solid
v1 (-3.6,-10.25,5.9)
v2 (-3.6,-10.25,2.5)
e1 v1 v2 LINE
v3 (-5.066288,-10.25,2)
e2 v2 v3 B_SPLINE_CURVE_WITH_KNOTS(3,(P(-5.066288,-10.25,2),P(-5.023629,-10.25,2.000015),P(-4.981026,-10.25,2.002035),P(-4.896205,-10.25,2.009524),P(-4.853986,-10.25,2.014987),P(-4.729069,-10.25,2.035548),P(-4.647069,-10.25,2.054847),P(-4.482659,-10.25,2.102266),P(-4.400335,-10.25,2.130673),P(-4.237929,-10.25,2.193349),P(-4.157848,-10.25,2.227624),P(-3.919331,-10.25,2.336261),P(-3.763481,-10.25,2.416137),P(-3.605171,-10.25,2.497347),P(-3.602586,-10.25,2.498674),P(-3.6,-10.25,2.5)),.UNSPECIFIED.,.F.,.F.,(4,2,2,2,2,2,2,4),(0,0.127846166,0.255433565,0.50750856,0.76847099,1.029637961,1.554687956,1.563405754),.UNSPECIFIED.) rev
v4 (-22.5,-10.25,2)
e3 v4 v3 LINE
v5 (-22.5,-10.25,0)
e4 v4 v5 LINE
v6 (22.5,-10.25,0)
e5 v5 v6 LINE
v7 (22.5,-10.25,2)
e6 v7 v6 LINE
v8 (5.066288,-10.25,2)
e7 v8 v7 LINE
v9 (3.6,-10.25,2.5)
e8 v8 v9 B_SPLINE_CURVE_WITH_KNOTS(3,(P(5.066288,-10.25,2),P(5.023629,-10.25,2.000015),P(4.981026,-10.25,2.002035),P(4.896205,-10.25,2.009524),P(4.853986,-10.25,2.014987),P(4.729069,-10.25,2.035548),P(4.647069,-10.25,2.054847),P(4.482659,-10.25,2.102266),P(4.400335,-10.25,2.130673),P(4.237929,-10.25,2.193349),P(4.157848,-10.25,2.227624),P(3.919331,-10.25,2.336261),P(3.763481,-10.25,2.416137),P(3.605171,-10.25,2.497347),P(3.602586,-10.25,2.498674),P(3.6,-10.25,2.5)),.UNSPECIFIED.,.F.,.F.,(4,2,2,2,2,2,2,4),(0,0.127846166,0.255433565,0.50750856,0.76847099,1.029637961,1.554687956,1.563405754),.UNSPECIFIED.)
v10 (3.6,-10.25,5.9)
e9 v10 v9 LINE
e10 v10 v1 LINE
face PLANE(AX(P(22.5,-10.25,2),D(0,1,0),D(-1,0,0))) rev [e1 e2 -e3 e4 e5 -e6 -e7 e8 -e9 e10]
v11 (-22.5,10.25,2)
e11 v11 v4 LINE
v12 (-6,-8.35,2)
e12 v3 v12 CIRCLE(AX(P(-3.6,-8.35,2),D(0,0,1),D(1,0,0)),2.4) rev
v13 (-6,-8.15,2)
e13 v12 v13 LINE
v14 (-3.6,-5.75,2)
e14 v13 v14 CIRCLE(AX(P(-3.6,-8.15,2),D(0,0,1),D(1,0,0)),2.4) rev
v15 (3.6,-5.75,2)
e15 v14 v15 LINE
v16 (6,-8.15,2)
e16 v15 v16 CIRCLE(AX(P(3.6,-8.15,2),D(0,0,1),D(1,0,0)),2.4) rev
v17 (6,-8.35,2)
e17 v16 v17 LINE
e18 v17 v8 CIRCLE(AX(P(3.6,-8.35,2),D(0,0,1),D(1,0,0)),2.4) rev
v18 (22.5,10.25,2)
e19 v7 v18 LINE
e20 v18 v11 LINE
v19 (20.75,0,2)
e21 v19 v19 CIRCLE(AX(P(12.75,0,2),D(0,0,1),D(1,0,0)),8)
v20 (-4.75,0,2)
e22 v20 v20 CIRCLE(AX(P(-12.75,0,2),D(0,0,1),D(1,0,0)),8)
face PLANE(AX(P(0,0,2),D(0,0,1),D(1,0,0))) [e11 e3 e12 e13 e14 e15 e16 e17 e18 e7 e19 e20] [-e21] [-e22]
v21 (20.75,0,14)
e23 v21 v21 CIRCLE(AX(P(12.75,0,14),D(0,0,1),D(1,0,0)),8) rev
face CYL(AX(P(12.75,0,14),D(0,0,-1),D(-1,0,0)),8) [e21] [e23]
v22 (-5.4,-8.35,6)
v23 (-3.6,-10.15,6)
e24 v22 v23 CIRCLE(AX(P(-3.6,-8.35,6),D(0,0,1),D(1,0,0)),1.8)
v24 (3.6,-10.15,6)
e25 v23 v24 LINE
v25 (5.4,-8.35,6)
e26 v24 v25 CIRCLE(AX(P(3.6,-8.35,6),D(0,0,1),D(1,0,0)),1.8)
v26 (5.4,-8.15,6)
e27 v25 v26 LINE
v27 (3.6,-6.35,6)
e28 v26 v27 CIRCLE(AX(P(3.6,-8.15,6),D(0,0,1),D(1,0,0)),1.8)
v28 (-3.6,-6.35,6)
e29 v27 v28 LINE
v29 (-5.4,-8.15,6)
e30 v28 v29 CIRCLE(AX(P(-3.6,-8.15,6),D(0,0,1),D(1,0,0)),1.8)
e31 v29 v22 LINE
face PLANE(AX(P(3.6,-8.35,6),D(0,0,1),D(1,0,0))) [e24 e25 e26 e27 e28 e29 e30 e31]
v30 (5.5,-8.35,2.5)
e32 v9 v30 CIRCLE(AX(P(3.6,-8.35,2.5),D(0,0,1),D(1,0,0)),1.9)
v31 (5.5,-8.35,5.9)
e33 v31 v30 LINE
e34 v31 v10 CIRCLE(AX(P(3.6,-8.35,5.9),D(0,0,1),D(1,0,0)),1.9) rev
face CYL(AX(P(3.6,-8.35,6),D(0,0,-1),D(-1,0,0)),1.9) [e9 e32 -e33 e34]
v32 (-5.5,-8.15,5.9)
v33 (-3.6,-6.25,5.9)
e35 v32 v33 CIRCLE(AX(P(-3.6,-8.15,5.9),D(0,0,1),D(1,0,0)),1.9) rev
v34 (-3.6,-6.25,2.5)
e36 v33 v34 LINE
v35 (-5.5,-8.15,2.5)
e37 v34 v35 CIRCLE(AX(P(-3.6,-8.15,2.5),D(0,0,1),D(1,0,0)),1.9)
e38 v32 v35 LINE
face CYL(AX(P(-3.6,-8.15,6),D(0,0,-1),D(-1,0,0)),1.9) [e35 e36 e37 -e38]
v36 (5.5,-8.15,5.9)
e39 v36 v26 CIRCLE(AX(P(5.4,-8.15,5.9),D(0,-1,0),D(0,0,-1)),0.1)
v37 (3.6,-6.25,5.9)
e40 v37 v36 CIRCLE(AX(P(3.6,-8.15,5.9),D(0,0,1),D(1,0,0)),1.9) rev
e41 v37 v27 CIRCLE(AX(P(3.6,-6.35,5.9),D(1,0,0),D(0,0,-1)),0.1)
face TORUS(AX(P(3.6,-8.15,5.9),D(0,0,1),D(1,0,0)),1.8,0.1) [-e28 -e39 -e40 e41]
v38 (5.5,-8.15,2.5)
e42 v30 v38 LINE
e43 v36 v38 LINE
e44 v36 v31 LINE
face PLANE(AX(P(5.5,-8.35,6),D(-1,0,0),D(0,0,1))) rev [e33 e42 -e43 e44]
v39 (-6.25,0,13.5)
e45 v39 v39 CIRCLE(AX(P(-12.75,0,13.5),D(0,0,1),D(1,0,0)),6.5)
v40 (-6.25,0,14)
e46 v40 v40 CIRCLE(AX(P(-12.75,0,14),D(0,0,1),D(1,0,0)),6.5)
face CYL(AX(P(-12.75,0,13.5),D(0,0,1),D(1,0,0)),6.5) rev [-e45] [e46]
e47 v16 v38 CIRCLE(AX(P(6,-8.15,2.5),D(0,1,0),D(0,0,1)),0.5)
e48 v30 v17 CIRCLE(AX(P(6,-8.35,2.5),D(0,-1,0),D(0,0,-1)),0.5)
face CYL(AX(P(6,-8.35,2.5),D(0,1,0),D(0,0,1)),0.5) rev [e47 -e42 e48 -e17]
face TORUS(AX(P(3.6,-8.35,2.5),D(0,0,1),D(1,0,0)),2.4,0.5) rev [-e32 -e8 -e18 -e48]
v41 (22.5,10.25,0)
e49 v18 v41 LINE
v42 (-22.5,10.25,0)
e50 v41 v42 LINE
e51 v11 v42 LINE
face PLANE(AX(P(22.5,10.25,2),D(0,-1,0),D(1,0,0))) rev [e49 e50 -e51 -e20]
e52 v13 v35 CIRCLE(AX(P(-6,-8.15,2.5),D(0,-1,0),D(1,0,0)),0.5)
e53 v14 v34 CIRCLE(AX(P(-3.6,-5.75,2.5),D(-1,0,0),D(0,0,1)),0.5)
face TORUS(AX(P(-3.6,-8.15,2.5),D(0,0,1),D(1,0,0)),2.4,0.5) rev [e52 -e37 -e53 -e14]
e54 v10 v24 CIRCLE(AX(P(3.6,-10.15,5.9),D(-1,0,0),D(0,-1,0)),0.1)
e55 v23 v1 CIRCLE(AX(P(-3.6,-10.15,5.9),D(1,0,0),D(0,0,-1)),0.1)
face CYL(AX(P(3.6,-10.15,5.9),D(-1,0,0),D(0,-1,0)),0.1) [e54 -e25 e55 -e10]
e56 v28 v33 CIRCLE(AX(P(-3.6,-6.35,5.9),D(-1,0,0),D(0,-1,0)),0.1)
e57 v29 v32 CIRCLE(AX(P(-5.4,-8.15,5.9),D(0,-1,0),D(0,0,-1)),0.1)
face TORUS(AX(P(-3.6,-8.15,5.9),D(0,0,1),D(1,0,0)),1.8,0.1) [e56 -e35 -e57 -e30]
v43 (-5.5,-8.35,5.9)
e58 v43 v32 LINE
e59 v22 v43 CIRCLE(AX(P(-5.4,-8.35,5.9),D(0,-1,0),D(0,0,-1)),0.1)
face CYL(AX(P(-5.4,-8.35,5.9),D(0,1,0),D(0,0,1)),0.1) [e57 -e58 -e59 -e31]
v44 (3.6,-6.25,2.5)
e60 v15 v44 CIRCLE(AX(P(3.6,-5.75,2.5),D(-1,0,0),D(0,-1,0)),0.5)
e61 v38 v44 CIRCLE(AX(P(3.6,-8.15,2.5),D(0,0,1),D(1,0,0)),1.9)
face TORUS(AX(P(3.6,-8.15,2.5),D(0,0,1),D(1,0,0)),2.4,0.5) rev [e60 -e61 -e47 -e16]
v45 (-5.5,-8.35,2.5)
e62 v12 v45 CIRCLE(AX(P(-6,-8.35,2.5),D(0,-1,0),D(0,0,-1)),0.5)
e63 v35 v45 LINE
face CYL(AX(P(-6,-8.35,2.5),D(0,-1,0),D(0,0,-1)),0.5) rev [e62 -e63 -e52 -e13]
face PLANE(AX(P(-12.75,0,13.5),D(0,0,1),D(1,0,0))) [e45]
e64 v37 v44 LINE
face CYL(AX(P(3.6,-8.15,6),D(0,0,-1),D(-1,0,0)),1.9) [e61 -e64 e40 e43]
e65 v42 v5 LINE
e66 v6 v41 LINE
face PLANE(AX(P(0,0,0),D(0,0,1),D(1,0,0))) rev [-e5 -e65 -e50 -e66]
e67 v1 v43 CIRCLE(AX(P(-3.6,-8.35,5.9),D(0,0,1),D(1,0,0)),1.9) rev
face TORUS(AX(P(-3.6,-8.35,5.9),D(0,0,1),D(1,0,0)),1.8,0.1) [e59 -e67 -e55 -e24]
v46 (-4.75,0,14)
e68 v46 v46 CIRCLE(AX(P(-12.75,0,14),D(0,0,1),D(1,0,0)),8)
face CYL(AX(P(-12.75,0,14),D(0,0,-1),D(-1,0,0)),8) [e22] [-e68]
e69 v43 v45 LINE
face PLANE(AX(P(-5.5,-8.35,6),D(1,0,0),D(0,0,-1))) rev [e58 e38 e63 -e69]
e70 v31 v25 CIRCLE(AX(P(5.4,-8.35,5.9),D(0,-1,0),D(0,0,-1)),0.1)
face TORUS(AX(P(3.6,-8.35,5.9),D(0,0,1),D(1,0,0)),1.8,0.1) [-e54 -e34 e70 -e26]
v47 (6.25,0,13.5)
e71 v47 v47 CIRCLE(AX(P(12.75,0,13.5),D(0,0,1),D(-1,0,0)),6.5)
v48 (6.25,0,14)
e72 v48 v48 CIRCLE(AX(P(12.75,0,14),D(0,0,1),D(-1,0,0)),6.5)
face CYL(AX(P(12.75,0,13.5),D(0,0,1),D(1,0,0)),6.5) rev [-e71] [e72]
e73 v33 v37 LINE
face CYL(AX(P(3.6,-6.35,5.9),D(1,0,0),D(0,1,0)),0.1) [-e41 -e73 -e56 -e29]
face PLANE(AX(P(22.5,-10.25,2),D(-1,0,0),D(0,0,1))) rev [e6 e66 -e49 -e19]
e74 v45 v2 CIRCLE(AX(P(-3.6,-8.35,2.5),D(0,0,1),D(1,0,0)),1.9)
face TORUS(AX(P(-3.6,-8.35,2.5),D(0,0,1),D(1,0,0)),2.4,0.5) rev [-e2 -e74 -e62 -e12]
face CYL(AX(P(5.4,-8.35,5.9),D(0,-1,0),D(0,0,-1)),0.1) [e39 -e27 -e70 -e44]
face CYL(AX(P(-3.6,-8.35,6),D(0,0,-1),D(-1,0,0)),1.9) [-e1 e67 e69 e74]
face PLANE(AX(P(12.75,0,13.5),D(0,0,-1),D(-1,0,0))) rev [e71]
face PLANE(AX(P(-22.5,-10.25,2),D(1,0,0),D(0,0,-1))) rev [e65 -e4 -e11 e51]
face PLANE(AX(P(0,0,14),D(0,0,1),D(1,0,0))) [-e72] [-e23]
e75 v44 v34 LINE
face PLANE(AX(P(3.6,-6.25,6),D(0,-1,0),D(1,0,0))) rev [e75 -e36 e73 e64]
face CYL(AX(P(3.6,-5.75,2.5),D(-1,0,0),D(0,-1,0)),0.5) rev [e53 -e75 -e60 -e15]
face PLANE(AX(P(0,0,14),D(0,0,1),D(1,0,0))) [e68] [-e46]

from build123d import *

# Parameters (mm, degrees)
BOSS_EXTRUDE1_DEPTH = 2
SKETCH2_R           = 7.999999999999998
BOSS_EXTRUDE2_DEPTH = 12
SKETCH3_R           = 6.499999999999999
SKETCH3_R_2         = 6.5
CUT_EXTRUDE1_DEPTH  = 0.5
BOSS_EXTRUDE3_DEPTH = 4
FILLET1_R           = 0.1
FILLET2_R           = 0.5


with BuildPart() as part:
    # Sketch1 → Boss-Extrude1 (new body)
    with BuildSketch(Plane.XY):
        Polygon((22.499999999999993, -10.249999999999996), (-22.500000000000007, -10.25), (-22.500000000000007, 10.25), (22.499999999999993, 10.250000000000005), align=None)
    extrude(amount=BOSS_EXTRUDE1_DEPTH)

    # Sketch2 → Boss-Extrude2 (add)
    with BuildSketch(Plane.XY.offset(2)):
        with Locations((-12.750000000000004, 1.12e-15)):
            Circle(SKETCH2_R)
        with Locations((12.749999999999998, 1.12e-15)):
            Circle(SKETCH2_R)
    extrude(amount=BOSS_EXTRUDE2_DEPTH)

    # Sketch3 → Cut-Extrude1 (cut)
    with BuildSketch(Plane.XY.offset(14)):
        with Locations((-12.750000000000004, 1.12e-15)):
            Circle(SKETCH3_R)
        with Locations(Location((12.749999999999991, -2.316e-14, 0), (0, 0, 180))):
            Circle(SKETCH3_R_2)
    extrude(amount=-CUT_EXTRUDE1_DEPTH, mode=Mode.SUBTRACT)

    # Sketch4 → Boss-Extrude3 (add)
    with BuildSketch(Plane.XY.offset(2)):
        with BuildLine():
            Line((3.5999999999999757, -10.249999999999995), (-3.5999999999999965, -10.249999999999996))
            ThreePointArc((-3.5999999999999965, -10.249999999999996), (-4.943502884254451, -9.693502884254437), (-5.50000000000001, -8.349999999999982))
            Line((-5.50000000000001, -8.349999999999982), (-5.50000000000001, -8.15000000000001))
            ThreePointArc((-5.50000000000001, -8.15000000000001), (-4.943502884254451, -6.8064971157455565), (-3.5999999999999965, -6.2499999999999964))
            Line((-3.5999999999999965, -6.2499999999999964), (3.5999999999999757, -6.249999999999996))
            ThreePointArc((3.5999999999999757, -6.249999999999996), (4.943502884254429, -6.806497115745555), (5.499999999999989, -8.150000000000007))
            Line((5.499999999999989, -8.150000000000007), (5.499999999999989, -8.349999999999982))
            ThreePointArc((5.499999999999989, -8.349999999999982), (4.943502884254429, -9.693502884254436), (3.5999999999999757, -10.249999999999995))
        make_face()
    extrude(amount=BOSS_EXTRUDE3_DEPTH)

    # Fillet1
    fillet1_edges = [part.edges().sort_by_distance(p)[0] for p in [
        (4.94350288425443, -9.693502884254436, 6),
        (5.499999999999989, -8.249999999999995, 6),
        (4.943502884254428, -6.806497115745555, 6),
        (-1.021e-14, -6.2499999999999964, 6),
        (-4.94350288425445, -6.8064971157455565, 6),
        (-5.50000000000001, -8.249999999999996, 6),
        (-4.943502884254451, -9.693502884254437, 6),
        (-1.066e-14, -10.249999999999996, 6),
    ]]
    fillet(fillet1_edges, radius=FILLET1_R)

    # Fillet2
    fillet2_edges = [part.edges().sort_by_distance(p)[0] for p in [
        (4.94350288425443, -9.693502884254436, 2),
        (5.499999999999989, -8.249999999999995, 2),
        (4.943502884254428, -6.806497115745555, 2),
        (-1.021e-14, -6.2499999999999964, 2),
        (-4.94350288425445, -6.8064971157455565, 2),
        (-5.50000000000001, -8.249999999999996, 2),
        (-4.943502884254451, -9.693502884254437, 2),
    ]]
    fillet(fillet2_edges, radius=FILLET2_R)


solid = part.part
